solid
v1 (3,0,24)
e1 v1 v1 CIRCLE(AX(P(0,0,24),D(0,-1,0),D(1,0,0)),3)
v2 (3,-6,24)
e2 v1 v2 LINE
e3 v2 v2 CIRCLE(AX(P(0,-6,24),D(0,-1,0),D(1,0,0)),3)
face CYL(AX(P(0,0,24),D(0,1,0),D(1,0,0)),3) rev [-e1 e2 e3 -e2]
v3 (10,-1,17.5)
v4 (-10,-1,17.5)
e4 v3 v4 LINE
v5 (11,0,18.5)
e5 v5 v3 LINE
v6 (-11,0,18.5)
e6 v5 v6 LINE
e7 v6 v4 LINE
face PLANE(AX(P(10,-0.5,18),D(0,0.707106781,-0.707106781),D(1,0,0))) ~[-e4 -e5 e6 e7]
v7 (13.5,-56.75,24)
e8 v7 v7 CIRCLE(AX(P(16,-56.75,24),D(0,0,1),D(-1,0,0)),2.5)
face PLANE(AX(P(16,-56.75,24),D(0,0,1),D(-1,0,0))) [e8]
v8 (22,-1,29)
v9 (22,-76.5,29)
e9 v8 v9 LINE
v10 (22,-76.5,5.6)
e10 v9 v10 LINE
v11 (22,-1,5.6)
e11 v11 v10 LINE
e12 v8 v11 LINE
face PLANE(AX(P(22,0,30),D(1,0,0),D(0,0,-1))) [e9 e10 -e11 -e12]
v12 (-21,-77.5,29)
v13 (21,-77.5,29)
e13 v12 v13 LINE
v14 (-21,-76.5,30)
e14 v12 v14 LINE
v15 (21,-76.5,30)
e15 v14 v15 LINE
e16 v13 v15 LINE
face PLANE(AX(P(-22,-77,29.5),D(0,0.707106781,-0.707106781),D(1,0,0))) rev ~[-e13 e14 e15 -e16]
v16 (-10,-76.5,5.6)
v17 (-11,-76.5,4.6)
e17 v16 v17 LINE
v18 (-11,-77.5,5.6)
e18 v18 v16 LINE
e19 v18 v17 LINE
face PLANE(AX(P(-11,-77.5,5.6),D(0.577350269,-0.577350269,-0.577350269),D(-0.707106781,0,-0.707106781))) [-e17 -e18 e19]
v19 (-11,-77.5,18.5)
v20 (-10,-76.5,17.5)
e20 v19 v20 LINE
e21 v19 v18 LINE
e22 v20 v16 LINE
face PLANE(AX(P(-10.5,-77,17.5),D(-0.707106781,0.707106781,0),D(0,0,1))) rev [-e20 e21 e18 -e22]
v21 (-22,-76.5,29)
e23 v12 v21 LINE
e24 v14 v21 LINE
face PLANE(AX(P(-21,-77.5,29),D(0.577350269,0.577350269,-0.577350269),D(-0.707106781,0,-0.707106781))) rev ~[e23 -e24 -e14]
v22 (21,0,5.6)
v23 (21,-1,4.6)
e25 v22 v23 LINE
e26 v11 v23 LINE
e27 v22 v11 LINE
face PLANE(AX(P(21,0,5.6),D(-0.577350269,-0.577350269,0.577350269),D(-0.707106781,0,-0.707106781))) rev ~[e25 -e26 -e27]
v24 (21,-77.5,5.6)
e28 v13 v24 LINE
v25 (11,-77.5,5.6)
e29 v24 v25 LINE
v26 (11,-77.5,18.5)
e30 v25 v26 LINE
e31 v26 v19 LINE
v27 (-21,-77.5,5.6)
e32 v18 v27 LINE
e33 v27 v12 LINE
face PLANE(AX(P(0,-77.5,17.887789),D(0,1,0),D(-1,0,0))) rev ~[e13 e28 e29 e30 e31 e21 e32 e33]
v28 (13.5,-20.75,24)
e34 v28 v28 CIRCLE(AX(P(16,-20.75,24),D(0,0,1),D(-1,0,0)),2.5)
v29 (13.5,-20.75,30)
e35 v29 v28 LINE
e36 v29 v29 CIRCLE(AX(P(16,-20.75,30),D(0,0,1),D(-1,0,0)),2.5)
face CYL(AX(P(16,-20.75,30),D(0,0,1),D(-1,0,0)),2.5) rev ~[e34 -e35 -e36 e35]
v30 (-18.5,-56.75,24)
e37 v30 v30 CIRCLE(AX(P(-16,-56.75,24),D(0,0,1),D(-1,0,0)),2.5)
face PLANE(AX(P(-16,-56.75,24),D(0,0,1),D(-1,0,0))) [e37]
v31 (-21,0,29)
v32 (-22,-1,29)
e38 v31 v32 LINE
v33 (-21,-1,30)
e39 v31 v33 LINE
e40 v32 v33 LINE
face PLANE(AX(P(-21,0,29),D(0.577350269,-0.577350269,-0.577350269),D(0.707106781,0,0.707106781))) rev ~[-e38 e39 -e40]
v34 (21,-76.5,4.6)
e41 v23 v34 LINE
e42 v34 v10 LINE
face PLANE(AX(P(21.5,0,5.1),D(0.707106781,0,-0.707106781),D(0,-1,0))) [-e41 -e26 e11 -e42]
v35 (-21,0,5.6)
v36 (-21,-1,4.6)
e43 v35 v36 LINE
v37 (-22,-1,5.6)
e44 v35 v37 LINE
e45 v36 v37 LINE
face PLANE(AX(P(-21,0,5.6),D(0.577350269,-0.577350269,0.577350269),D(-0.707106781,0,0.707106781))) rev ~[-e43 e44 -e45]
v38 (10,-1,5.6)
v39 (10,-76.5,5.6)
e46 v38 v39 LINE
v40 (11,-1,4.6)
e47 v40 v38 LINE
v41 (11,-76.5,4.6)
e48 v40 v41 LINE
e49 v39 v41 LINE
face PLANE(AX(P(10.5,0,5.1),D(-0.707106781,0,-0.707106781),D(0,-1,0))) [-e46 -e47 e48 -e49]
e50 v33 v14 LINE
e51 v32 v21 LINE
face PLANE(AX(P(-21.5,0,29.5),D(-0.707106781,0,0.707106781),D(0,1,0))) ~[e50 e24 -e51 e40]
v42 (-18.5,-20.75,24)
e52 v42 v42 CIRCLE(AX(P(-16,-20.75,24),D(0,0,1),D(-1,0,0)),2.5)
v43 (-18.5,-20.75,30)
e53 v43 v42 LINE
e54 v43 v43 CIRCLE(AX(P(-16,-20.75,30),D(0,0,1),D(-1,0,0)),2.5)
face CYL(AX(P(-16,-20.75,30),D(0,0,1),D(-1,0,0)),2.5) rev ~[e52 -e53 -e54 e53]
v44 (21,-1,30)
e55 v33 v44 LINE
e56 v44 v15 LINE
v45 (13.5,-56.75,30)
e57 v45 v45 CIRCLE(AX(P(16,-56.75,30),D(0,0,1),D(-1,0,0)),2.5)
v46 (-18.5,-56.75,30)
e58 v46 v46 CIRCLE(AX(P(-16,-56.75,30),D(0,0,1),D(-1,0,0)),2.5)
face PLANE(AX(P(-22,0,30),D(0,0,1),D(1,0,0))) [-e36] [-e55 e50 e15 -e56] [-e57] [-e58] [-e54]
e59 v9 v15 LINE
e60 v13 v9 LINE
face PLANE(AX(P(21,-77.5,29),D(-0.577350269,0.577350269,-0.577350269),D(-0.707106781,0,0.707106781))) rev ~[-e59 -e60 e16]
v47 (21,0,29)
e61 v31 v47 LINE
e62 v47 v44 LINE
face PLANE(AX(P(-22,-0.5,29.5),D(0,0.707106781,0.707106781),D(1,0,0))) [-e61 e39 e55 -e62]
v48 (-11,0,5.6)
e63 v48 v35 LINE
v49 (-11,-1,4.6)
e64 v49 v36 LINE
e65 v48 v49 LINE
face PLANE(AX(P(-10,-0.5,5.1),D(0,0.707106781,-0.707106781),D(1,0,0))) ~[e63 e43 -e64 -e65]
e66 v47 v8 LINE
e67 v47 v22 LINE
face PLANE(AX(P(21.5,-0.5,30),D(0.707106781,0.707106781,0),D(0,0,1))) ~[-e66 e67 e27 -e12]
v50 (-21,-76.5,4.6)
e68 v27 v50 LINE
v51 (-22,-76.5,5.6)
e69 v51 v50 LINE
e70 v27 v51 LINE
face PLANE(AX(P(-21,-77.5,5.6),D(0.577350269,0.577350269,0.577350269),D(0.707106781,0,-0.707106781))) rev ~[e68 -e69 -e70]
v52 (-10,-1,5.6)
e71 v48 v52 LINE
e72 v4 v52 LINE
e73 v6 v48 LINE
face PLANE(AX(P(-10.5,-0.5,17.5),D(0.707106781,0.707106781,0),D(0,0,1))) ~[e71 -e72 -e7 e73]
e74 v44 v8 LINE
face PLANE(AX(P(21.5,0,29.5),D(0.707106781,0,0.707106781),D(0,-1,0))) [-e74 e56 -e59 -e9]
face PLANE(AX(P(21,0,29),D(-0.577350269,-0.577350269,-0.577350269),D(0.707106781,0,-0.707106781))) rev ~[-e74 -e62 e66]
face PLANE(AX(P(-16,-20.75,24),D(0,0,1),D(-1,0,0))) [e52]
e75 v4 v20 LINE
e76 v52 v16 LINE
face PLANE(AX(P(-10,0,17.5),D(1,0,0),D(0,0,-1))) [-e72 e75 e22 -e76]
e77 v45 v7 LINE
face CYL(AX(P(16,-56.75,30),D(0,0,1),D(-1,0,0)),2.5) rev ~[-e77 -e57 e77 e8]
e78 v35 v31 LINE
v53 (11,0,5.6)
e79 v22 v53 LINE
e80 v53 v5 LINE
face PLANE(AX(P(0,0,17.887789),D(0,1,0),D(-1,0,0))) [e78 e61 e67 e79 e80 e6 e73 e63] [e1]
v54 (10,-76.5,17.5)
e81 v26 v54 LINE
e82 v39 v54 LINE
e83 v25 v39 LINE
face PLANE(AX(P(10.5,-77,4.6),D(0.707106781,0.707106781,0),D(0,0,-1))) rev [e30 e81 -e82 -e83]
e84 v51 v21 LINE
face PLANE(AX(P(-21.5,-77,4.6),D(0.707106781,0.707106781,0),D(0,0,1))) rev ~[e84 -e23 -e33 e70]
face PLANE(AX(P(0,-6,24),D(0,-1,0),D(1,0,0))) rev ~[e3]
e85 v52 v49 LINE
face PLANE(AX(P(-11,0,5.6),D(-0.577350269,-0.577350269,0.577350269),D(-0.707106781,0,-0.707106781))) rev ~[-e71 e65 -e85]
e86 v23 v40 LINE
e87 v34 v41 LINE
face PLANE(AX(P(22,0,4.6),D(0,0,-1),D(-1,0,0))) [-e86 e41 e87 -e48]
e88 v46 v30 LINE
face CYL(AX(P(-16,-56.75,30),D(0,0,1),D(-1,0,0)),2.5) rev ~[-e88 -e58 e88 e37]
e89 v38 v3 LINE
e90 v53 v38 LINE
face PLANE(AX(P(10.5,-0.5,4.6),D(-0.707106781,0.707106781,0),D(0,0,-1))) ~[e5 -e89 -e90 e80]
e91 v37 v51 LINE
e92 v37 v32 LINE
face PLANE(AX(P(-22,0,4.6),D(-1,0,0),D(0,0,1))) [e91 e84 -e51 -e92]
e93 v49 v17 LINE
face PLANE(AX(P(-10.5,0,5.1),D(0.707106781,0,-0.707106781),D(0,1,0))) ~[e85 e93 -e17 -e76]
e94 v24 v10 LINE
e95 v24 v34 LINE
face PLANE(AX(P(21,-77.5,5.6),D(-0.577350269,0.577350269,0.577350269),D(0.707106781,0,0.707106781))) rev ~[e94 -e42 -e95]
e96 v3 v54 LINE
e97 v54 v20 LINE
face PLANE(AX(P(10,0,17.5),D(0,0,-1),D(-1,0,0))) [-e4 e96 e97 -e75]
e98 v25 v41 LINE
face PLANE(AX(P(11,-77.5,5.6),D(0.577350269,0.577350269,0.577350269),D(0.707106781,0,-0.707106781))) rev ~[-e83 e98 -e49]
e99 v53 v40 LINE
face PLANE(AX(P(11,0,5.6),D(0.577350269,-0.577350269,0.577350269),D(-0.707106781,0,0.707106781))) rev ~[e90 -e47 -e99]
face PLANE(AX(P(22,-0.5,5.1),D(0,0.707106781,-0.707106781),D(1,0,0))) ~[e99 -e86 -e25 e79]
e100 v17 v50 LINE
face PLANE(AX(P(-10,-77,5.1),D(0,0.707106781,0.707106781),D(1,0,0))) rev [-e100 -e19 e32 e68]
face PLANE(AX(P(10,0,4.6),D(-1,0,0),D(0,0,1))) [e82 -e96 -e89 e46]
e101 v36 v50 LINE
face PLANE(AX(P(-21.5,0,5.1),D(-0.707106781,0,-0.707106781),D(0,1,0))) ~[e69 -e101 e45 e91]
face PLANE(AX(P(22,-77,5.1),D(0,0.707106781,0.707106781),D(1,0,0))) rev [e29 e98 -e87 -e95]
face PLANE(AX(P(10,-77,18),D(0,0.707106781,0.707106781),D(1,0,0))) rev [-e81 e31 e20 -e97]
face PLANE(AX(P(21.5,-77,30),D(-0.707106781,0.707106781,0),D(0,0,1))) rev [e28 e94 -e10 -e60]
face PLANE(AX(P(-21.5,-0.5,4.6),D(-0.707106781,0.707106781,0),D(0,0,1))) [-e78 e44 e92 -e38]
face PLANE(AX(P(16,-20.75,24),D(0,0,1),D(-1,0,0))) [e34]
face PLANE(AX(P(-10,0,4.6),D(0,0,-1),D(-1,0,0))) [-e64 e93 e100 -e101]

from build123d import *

# Parameters (mm, degrees)
PAD_DEPTH       = 77.5
SKETCH001_R     = 2.5
POCKET_DEPTH    = 6
CHAMFER_SIZE    = 1
SKETCH002_R     = 3
POCKET001_DEPTH = 6


with BuildPart() as part:
    # Sketch → Pad (new body)
    with BuildSketch(Plane.XZ):
        Polygon((-22, 30), (22, 30), (22, 4.6), (10, 4.6), (10, 17.5), (-10, 17.5), (-10, 4.6), (-22, 4.6), align=None)
    extrude(amount=PAD_DEPTH)

    # Sketch001 (on Face3 of Pad) → Pocket (cut)
    with BuildSketch(Plane(origin=(0, 0, 30), x_dir=(-1, 0, 0), z_dir=(0, 0, 1))):
        with Locations((-16, 20.75)):
            Circle(SKETCH001_R)
        with Locations((16, 20.75)):
            Circle(SKETCH001_R)
        with Locations((16, 56.75)):
            Circle(SKETCH001_R)
        with Locations((-16, 56.75)):
            Circle(SKETCH001_R)
    extrude(amount=-POCKET_DEPTH, mode=Mode.SUBTRACT)

    # Chamfer
    chamfer_edges = [part.edges().sort_by_distance(p)[0] for p in [
        (22, -38.75, 4.6),
        (22, -38.75, 30),
        (-22, -38.75, 30),
        (-22, -38.75, 4.6),
        (-10, -38.75, 4.6),
        (10, -38.75, 4.6),
        (-10, -77.5, 11.05),
        (0, -77.5, 17.5),
        (10, -77.5, 11.05),
        (16, -77.5, 4.6),
        (22, -77.5, 17.3),
        (0, -77.5, 30),
        (-22, -77.5, 17.3),
        (-10, 0, 11.05),
        (-16, 0, 4.6),
        (-22, 0, 17.3),
        (0, 0, 30),
        (22, 0, 17.3),
        (16, 0, 4.6),
        (10, 0, 11.05),
        (0, 0, 17.5),
        (-16, -77.5, 4.6),
    ]]
    chamfer(chamfer_edges, length=CHAMFER_SIZE)

    # Sketch002 → Pocket001 (cut)
    with BuildSketch(Plane.XZ):
        with Locations((0, 24)):
            Circle(SKETCH002_R)
    extrude(amount=POCKET001_DEPTH, mode=Mode.SUBTRACT)


solid = part.part
